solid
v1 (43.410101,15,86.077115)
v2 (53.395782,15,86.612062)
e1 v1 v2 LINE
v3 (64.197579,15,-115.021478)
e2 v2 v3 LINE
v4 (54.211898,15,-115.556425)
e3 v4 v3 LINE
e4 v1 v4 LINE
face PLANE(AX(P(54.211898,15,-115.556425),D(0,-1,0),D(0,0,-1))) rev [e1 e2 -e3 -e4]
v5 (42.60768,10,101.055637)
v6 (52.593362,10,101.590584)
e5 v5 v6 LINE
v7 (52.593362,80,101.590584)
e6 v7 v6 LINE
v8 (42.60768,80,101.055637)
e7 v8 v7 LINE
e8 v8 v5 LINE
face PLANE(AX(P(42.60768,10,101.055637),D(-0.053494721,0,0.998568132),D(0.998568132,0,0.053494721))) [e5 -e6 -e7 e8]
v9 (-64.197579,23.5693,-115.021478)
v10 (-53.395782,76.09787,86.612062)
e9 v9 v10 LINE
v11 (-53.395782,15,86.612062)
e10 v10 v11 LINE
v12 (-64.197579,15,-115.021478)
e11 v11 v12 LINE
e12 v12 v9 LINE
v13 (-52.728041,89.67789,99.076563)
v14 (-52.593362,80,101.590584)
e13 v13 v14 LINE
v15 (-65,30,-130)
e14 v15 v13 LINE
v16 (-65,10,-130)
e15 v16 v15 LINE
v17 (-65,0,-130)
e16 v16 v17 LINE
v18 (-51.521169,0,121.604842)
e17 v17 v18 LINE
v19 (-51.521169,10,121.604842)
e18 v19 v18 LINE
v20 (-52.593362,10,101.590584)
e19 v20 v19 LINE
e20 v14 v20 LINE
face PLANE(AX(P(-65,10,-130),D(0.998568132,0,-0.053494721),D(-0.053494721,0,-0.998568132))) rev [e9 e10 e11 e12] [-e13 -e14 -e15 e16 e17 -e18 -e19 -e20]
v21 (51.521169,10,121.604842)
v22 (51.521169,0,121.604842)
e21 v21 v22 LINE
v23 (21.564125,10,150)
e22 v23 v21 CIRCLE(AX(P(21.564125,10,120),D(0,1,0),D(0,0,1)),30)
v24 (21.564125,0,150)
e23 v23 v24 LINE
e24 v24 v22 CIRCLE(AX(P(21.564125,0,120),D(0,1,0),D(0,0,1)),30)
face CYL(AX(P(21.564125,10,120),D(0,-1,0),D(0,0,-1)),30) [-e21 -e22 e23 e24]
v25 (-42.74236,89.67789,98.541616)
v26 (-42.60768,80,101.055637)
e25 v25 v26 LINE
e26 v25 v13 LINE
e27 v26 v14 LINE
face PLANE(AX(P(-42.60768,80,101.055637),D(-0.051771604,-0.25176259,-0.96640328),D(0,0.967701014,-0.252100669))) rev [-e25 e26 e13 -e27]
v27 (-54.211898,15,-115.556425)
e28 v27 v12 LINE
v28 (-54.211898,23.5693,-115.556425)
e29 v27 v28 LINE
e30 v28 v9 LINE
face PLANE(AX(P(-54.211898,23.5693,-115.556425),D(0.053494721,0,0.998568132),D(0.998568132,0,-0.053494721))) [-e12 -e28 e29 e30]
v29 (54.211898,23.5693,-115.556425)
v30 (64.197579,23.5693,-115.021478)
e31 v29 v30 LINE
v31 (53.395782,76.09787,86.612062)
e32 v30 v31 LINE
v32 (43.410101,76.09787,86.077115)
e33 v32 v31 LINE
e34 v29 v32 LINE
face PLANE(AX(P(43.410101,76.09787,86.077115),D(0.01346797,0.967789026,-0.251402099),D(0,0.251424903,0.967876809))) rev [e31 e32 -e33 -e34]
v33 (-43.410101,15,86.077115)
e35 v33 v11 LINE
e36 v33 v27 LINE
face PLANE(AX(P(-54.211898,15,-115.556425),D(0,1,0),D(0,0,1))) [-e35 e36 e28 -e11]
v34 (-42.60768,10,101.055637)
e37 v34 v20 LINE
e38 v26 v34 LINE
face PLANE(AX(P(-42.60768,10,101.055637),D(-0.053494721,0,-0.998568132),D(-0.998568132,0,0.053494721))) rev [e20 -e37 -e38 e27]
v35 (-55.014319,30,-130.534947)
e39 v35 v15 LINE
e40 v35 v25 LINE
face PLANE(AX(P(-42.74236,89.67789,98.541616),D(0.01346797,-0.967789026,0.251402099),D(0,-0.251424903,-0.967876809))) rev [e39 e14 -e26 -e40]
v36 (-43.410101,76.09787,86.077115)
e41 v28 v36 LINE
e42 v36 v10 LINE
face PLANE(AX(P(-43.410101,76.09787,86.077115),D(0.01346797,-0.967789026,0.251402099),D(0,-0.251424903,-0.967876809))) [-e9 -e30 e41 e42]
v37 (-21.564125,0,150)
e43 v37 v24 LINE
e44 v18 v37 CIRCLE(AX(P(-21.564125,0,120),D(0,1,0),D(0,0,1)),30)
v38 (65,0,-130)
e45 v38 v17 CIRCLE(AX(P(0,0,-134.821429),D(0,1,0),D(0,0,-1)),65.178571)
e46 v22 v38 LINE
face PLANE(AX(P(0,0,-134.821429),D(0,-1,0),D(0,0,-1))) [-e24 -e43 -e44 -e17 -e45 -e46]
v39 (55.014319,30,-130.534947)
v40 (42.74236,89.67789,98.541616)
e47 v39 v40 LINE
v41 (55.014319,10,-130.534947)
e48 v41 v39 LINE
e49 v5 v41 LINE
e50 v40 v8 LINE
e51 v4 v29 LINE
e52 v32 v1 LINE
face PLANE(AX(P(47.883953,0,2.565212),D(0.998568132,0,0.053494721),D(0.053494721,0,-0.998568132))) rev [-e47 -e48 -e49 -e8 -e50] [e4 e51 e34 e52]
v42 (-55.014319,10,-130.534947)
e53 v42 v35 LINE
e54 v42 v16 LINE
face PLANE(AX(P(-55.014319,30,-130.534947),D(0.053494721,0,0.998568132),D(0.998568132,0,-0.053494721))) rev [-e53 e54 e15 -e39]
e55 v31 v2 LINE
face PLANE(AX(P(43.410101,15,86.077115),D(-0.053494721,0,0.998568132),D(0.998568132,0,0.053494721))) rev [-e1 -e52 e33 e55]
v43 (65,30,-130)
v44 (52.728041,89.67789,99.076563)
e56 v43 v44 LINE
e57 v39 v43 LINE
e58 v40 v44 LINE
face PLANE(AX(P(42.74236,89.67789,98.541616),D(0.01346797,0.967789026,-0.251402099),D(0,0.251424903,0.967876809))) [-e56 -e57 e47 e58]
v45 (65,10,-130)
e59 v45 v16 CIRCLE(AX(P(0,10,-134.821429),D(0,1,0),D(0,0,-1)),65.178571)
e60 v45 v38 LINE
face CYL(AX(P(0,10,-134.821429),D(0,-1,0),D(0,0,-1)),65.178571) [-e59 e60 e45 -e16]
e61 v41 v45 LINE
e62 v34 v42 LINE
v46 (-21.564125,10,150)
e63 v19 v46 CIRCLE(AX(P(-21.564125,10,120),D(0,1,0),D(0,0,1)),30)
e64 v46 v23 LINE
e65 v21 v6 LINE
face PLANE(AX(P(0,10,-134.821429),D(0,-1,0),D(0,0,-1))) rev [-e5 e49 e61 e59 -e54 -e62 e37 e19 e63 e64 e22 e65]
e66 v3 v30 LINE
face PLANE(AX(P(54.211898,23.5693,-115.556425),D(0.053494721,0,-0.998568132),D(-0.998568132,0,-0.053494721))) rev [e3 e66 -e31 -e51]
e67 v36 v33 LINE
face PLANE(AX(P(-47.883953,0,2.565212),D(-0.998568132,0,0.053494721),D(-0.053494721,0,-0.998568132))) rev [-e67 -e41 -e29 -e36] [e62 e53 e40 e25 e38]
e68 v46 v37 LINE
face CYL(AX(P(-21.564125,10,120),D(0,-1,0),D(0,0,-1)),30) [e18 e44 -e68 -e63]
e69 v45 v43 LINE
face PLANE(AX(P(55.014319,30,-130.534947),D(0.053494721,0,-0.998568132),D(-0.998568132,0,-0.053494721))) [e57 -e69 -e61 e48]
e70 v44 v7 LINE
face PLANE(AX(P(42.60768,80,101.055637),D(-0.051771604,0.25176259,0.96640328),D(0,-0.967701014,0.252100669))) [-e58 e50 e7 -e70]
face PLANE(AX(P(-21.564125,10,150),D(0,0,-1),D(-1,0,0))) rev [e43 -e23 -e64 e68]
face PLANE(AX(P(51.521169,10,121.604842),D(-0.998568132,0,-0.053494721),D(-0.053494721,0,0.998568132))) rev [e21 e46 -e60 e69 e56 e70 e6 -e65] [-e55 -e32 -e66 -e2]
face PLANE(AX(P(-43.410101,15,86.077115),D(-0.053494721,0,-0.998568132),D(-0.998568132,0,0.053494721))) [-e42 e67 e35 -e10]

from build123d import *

# Parameters (mm, degrees)
EXTRUDE_1_DEPTH = 10
EXTRUDE_2_DEPTH = 10


with BuildPart() as part:
    # 草图1 → 凸台-拉伸1 (new body)
    with BuildSketch(Plane(origin=(0, 0, 0), x_dir=(1, 0, 0), z_dir=(0, 1, 0))):
        with BuildLine():
            Line((-65, 130), (-51.521169198, -121.604841641))
            ThreePointArc((-51.521169198, -121.604841641), (-42.202133258, -141.773208873), (-21.56412523, -150))
            Line((-21.56412523, -150), (21.56412523, -150))
            ThreePointArc((21.56412523, -150), (42.202133258, -141.773208873), (51.521169198, -121.604841641))
            Line((51.521169198, -121.604841641), (65, 130))
            ThreePointArc((65, 130), (0, 200), (-65, 130))
        make_face()
    extrude(amount=EXTRUDE_1_DEPTH)

    # 草图2 → 凸台-拉伸2 (add)
    with BuildSketch(Plane(origin=(57.86963434, 0, 3.100158983), x_dir=(0.053494721371611875, 0, -0.9985681322700888), z_dir=(0.9985681322700889, 0, 0.05349472137161188))):
        Polygon((-96.114027072, 89.677890258), (133.291014084, 30), (133.291014084, 10), (-98.63165297, 10), (-98.63165297, 80), align=None)
        Polygon((-83.63165297, 76.097869736), (118.291014084, 23.569299726), (118.291014084, 15), (-83.63165297, 15), align=None, mode=Mode.SUBTRACT)
    extrude_2 = extrude(amount=-EXTRUDE_2_DEPTH)

    # 镜向1: 凸台-拉伸2 across plane
    add(extrude_2.mirror(Plane(origin=(0, 0, 0), x_dir=(0, 0, 1), z_dir=(1, 0, 0))))


solid = part.part
